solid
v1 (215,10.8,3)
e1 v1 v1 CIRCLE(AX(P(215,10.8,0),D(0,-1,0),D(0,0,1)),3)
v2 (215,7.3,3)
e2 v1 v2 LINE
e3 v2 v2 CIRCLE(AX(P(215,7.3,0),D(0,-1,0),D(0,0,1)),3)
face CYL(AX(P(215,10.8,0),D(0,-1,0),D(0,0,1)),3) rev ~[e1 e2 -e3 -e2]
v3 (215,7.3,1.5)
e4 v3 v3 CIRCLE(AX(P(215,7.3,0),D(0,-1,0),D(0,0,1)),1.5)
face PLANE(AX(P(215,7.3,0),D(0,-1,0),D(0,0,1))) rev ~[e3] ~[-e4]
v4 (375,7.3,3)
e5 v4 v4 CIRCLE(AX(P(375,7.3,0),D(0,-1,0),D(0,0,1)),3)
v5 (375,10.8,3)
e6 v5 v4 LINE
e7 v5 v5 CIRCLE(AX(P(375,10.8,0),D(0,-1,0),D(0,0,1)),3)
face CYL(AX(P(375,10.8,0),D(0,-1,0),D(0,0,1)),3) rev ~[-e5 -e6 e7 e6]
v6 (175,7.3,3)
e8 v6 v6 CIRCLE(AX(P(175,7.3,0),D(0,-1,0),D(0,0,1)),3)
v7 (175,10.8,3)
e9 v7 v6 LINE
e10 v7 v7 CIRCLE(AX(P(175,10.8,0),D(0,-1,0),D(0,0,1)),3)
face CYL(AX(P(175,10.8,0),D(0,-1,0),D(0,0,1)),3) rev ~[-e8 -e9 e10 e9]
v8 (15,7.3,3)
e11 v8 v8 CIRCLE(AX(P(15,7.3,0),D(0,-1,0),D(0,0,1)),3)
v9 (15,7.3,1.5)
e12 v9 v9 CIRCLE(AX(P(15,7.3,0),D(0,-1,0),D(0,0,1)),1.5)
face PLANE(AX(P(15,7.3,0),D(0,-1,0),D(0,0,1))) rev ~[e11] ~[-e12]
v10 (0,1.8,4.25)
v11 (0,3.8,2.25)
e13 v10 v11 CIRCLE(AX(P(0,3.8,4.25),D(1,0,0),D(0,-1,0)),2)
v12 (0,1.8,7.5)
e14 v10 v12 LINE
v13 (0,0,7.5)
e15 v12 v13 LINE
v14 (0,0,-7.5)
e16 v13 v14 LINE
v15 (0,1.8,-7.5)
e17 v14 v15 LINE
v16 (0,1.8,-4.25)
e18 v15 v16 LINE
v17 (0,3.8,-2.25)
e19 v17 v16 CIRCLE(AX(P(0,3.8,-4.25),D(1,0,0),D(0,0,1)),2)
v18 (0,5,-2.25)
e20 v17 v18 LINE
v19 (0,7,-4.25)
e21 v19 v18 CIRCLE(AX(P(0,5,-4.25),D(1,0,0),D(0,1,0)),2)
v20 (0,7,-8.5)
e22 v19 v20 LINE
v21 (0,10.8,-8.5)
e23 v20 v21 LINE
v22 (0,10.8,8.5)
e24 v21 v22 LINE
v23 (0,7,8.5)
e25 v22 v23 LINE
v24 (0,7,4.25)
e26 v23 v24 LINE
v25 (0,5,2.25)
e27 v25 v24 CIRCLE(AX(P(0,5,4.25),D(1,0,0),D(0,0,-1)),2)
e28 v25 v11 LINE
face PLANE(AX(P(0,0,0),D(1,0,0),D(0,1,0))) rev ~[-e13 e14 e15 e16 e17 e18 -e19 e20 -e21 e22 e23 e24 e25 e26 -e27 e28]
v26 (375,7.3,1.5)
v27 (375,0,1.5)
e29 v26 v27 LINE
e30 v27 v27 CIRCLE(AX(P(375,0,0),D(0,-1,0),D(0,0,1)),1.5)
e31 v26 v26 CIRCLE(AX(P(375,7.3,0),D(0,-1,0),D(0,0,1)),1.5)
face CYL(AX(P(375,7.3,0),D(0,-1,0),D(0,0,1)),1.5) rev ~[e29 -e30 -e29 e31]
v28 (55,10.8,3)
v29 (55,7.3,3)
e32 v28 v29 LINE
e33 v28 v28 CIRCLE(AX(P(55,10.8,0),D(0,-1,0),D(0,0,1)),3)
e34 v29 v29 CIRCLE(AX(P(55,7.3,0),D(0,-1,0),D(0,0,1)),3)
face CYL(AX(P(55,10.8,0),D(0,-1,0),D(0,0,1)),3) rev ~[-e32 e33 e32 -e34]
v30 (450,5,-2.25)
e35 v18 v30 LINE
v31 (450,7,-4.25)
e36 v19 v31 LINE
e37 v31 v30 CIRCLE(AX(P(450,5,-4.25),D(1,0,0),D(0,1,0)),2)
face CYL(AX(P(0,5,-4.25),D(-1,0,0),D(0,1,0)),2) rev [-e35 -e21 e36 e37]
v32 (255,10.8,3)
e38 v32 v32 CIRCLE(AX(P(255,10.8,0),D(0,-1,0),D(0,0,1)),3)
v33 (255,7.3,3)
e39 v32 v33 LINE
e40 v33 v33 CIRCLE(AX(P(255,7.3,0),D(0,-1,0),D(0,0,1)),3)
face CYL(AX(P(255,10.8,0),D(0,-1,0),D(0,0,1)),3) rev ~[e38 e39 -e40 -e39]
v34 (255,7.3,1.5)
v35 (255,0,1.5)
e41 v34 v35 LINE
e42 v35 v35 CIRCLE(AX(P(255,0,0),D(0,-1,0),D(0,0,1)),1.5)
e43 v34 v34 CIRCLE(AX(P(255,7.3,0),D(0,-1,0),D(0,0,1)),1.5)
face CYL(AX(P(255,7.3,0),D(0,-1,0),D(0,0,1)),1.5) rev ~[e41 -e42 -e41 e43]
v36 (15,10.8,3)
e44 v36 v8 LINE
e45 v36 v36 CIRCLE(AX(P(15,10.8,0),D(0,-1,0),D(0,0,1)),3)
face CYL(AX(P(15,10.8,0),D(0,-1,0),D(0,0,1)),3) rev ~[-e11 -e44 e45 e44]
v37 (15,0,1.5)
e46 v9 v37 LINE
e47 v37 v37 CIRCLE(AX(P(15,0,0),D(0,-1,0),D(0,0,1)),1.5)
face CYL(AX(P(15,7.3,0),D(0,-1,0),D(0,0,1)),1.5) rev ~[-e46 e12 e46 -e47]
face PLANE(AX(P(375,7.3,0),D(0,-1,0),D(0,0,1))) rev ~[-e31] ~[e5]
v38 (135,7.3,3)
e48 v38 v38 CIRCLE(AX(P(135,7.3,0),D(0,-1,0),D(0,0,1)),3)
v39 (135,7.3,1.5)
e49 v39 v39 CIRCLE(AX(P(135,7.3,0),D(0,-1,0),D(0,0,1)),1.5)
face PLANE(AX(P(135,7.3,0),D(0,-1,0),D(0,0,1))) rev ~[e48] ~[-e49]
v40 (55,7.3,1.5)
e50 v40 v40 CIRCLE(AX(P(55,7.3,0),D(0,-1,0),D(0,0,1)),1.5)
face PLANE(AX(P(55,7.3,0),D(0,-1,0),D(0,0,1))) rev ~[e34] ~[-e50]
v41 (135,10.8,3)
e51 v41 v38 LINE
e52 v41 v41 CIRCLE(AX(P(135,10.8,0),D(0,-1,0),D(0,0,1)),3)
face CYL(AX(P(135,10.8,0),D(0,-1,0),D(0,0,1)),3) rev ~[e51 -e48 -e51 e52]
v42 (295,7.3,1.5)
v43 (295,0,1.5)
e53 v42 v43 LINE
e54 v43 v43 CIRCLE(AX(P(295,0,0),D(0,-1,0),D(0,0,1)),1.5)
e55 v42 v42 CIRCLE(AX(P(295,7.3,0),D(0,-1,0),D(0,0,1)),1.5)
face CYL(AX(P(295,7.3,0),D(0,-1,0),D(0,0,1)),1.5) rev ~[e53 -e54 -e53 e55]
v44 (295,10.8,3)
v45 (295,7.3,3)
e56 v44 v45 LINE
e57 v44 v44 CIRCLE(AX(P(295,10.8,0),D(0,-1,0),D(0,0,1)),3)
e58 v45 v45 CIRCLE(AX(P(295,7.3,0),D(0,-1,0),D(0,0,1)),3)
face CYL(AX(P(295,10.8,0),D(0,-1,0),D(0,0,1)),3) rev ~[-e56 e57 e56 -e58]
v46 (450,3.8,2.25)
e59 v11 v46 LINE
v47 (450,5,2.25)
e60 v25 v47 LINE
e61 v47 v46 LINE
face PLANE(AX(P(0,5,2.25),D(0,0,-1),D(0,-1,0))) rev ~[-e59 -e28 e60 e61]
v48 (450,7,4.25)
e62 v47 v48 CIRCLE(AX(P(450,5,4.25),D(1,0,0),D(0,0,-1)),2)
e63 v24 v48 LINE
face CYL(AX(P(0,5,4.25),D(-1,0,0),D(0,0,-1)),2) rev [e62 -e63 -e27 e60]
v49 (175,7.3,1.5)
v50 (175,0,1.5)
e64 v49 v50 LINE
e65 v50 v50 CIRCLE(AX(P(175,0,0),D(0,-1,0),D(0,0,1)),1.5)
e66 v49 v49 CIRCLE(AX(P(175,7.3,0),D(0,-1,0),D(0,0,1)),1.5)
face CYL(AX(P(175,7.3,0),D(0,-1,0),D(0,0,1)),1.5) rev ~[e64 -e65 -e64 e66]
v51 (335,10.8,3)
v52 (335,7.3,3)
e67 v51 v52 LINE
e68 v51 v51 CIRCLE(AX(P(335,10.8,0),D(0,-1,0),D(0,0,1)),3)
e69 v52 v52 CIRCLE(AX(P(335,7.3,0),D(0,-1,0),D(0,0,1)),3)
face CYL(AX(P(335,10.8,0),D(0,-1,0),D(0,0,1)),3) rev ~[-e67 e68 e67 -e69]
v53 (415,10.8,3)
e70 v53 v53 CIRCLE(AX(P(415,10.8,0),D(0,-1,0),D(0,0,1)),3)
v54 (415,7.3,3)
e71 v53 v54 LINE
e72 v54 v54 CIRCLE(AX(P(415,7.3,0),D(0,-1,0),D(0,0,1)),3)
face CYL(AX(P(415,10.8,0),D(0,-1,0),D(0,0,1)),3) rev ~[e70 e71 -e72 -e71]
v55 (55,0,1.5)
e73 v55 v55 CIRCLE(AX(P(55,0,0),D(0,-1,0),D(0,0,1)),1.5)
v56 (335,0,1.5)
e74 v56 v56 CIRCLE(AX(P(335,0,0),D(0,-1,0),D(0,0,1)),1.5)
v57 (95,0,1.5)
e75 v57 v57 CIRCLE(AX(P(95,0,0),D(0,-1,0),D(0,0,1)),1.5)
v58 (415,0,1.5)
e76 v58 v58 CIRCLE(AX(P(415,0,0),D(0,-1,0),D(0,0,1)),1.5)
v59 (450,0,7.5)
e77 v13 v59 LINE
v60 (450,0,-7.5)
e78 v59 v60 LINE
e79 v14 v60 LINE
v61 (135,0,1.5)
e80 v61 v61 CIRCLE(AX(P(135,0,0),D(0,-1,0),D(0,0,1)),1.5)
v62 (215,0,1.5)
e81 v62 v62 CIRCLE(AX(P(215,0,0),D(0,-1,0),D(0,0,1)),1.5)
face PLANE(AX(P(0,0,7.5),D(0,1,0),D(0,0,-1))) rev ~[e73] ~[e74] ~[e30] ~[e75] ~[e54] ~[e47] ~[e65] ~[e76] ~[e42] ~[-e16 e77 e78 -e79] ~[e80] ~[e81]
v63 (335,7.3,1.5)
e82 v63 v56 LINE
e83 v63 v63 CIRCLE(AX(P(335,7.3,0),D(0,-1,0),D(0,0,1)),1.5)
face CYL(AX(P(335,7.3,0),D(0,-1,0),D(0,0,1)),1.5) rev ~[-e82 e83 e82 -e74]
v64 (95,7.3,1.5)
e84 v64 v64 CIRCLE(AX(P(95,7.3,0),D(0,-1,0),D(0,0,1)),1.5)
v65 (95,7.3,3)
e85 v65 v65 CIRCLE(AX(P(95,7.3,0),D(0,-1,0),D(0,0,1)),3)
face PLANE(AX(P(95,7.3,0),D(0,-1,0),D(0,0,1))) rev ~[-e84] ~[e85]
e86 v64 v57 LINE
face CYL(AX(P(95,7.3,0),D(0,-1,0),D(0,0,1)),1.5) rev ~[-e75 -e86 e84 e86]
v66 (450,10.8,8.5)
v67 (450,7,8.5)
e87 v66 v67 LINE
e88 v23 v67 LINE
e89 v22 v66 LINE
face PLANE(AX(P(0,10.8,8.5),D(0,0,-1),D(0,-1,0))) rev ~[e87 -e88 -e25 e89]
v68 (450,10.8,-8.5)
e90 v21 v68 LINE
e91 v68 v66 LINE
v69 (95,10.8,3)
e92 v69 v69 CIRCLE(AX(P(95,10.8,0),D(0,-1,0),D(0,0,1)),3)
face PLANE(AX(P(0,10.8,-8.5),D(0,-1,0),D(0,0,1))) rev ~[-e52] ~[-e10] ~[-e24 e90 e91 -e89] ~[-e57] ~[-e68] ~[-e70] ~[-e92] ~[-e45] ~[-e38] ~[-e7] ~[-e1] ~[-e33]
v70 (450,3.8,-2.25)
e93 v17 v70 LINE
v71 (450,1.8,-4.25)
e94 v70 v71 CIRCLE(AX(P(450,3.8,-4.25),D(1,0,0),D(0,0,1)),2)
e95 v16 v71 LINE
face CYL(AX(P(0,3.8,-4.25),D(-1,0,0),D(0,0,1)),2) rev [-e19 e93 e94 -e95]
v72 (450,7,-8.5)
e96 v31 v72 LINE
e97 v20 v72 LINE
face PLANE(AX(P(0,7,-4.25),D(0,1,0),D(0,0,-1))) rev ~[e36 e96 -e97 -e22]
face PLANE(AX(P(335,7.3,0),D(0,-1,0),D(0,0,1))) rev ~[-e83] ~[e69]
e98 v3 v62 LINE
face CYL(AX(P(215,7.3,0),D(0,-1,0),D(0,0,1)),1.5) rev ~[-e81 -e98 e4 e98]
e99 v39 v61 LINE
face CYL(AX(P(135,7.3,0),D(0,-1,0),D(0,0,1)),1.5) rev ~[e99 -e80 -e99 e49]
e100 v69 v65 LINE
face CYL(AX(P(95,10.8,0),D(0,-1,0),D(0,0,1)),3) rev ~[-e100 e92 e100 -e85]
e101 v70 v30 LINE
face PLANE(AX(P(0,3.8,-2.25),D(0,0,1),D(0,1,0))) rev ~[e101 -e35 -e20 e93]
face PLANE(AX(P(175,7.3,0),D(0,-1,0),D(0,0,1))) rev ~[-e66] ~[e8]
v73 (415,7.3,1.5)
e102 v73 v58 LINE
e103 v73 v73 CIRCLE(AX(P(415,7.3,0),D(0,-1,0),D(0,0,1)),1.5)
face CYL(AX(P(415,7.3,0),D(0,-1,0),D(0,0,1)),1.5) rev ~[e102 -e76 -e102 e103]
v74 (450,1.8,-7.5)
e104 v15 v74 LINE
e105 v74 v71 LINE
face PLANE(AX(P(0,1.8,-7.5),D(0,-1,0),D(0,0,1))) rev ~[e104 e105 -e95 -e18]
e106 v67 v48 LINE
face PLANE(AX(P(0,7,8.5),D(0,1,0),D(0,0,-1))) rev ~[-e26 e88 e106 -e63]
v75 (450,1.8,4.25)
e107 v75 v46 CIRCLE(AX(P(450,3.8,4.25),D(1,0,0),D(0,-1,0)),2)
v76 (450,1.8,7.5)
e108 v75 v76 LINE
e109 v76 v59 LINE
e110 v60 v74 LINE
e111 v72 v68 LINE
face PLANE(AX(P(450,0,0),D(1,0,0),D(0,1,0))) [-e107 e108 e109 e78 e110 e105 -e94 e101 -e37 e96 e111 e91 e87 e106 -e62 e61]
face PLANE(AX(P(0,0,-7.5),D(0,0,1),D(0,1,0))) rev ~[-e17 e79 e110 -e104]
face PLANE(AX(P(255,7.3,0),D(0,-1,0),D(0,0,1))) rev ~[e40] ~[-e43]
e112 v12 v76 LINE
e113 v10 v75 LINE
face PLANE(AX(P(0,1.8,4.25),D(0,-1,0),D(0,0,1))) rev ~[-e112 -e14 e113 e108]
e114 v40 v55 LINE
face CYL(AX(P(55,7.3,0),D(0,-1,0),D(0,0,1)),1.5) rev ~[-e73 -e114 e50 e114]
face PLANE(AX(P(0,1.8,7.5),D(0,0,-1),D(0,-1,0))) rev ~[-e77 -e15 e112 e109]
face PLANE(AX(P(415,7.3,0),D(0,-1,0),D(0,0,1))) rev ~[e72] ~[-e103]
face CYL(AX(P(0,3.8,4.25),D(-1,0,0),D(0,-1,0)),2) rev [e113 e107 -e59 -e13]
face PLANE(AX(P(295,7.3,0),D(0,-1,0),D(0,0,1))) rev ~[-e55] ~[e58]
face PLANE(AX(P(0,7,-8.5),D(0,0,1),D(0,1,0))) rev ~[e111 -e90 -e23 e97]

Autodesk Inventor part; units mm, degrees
ref_plane "YZ Plane" through (0, 0, 0) normal (1, 0, 0) x (0, 1, 0)
ref_plane "XZ Plane" through (0, 0, 0) normal (0, 1, 0) x (-1, 0, 0)
ref_plane "XY Plane" through (0, 0, 0) normal (0, 0, 1) x (1, 0, 0)
sketch "Sketch1" plane through (0, 0, 0) normal (1, 0, 0) x (0, 1, 0)
  line L0 (10.8, 8.5) -> (7, 8.5)
  line L1 (7, -8.5) -> (10.8, -8.5)
  line L2 (10.8, -8.5) -> (10.8, 8.5)
  line L3 (1.8, 7.5) -> (0, 7.5)
  line L4 (0, 7.5) -> (0, -7.5)
  line L5 (0, -7.5) -> (1.8, -7.5)
  line L6 (7, 8.5) -> (7, 4.25)
  line L7 (1.8, -7.5) -> (1.8, -4.25)
  arc A0 (5, 2.25) -> (7, 4.25) centre (5, 4.25) ccw
  arc A1 (7, -4.25) -> (5, -2.25) centre (5, -4.25) ccw
  arc A2 (3.8, -2.25) -> (1.8, -4.25) centre (3.8, -4.25) ccw
  arc A3 (1.8, 4.25) -> (3.8, 2.25) centre (3.8, 4.25) ccw
  line L8 (5, 2.25) -> (3.8, 2.25)
  line L9 (1.8, 4.25) -> (1.8, 7.5)
  line L10 (3.8, -2.25) -> (5, -2.25)
  line L11 (7, -4.25) -> (7, -8.5)
  point P0 (0, 0)
  dimension "d0" = 17
  dimension "d1" = 15
  dimension "d2" = 10.8
  dimension "d4" = 1.8
  dimension "d6" = 8.5
  dimension "d8" = 7.5
  dimension "d9" = 0
  dimension "d19" = 2
  dimension "d20" = 2
  dimension "d21" = 4.25
  dimension "d23" = 7
  dimension "d24" = 2
  dimension "d25" = 4.25
  dimension "d28" = 2
  dimension "d29" = 2
  dimension "d31" = 2
  dimension "d32" = 2
  dimension "d33" = 2
  dimension "d34" = 2
  dimension "d35" = 2
extrude "Schiene" add sketch "Sketch1" along normal blind 450
sketch "Sketch2" plane through (0, 10.8, 8.5) normal (0, 1, 0) x (1, 0, 0)
  circle A0 centre (95, 8.5) radius 1.5
  circle A1 centre (55, 8.5) radius 1.5
  circle A2 centre (15, 8.5) radius 1.5
  circle A3 centre (135, 8.5) radius 1.5
  circle A4 centre (175, 8.5) radius 1.5
  circle A5 centre (215, 8.5) radius 1.5
  circle A6 centre (255, 8.5) radius 1.5
  circle A7 centre (295, 8.5) radius 1.5
  line L0 (0, 8.5) -> (450, 8.5) construction
  line L1 (450, 17) -> (450, 0) projected
  line L2 (0, 17) -> (0, 0) projected
  circle A8 centre (335, 8.5) radius 1.5
  circle A9 centre (375, 8.5) radius 1.5
  circle A10 centre (415, 8.5) radius 1.5
  line L3 (-48.7314, 8.5) -> (450.9636, 8.5) construction
  dimension "d38" = 15
  dimension "d39" = 40
  dimension "d40" = 40
  dimension "d41" = 40
  dimension "d42" = 40
  dimension "d43" = 40
  dimension "d44" = 40
  dimension "d48" = 40
  dimension "d49" = 40
  dimension "d53" = 40
  dimension "d54" = 40
  dimension "d59" = 3
  dimension "d60" = 3
  dimension "d61" = 3
  dimension "d62" = 3
  dimension "d63" = 3
  dimension "d64" = 3
  dimension "d65" = 3
  dimension "d66" = 3
  dimension "d67" = 3
  dimension "d68" = 3
  dimension "d69" = 3
hole "Hole1" at (415, 10.8, 0) at (375, 10.8, 0) at (335, 10.8, 0) at (295, 10.8, 0) at (255, 10.8, 0) at (215, 10.8, 0) at (175, 10.8, 0) at (135, 10.8, 0) at (95, 10.8, 0) at (55, 10.8, 0) at (15, 10.8, 0) direction (0, -1, 0) diameter 3 depth 20 tip angle 118 counterbore diameter 6 counterbore depth 3.5
equation "\"d93\" = d68"
properties part number "Fuehrungsschiene440mm"
